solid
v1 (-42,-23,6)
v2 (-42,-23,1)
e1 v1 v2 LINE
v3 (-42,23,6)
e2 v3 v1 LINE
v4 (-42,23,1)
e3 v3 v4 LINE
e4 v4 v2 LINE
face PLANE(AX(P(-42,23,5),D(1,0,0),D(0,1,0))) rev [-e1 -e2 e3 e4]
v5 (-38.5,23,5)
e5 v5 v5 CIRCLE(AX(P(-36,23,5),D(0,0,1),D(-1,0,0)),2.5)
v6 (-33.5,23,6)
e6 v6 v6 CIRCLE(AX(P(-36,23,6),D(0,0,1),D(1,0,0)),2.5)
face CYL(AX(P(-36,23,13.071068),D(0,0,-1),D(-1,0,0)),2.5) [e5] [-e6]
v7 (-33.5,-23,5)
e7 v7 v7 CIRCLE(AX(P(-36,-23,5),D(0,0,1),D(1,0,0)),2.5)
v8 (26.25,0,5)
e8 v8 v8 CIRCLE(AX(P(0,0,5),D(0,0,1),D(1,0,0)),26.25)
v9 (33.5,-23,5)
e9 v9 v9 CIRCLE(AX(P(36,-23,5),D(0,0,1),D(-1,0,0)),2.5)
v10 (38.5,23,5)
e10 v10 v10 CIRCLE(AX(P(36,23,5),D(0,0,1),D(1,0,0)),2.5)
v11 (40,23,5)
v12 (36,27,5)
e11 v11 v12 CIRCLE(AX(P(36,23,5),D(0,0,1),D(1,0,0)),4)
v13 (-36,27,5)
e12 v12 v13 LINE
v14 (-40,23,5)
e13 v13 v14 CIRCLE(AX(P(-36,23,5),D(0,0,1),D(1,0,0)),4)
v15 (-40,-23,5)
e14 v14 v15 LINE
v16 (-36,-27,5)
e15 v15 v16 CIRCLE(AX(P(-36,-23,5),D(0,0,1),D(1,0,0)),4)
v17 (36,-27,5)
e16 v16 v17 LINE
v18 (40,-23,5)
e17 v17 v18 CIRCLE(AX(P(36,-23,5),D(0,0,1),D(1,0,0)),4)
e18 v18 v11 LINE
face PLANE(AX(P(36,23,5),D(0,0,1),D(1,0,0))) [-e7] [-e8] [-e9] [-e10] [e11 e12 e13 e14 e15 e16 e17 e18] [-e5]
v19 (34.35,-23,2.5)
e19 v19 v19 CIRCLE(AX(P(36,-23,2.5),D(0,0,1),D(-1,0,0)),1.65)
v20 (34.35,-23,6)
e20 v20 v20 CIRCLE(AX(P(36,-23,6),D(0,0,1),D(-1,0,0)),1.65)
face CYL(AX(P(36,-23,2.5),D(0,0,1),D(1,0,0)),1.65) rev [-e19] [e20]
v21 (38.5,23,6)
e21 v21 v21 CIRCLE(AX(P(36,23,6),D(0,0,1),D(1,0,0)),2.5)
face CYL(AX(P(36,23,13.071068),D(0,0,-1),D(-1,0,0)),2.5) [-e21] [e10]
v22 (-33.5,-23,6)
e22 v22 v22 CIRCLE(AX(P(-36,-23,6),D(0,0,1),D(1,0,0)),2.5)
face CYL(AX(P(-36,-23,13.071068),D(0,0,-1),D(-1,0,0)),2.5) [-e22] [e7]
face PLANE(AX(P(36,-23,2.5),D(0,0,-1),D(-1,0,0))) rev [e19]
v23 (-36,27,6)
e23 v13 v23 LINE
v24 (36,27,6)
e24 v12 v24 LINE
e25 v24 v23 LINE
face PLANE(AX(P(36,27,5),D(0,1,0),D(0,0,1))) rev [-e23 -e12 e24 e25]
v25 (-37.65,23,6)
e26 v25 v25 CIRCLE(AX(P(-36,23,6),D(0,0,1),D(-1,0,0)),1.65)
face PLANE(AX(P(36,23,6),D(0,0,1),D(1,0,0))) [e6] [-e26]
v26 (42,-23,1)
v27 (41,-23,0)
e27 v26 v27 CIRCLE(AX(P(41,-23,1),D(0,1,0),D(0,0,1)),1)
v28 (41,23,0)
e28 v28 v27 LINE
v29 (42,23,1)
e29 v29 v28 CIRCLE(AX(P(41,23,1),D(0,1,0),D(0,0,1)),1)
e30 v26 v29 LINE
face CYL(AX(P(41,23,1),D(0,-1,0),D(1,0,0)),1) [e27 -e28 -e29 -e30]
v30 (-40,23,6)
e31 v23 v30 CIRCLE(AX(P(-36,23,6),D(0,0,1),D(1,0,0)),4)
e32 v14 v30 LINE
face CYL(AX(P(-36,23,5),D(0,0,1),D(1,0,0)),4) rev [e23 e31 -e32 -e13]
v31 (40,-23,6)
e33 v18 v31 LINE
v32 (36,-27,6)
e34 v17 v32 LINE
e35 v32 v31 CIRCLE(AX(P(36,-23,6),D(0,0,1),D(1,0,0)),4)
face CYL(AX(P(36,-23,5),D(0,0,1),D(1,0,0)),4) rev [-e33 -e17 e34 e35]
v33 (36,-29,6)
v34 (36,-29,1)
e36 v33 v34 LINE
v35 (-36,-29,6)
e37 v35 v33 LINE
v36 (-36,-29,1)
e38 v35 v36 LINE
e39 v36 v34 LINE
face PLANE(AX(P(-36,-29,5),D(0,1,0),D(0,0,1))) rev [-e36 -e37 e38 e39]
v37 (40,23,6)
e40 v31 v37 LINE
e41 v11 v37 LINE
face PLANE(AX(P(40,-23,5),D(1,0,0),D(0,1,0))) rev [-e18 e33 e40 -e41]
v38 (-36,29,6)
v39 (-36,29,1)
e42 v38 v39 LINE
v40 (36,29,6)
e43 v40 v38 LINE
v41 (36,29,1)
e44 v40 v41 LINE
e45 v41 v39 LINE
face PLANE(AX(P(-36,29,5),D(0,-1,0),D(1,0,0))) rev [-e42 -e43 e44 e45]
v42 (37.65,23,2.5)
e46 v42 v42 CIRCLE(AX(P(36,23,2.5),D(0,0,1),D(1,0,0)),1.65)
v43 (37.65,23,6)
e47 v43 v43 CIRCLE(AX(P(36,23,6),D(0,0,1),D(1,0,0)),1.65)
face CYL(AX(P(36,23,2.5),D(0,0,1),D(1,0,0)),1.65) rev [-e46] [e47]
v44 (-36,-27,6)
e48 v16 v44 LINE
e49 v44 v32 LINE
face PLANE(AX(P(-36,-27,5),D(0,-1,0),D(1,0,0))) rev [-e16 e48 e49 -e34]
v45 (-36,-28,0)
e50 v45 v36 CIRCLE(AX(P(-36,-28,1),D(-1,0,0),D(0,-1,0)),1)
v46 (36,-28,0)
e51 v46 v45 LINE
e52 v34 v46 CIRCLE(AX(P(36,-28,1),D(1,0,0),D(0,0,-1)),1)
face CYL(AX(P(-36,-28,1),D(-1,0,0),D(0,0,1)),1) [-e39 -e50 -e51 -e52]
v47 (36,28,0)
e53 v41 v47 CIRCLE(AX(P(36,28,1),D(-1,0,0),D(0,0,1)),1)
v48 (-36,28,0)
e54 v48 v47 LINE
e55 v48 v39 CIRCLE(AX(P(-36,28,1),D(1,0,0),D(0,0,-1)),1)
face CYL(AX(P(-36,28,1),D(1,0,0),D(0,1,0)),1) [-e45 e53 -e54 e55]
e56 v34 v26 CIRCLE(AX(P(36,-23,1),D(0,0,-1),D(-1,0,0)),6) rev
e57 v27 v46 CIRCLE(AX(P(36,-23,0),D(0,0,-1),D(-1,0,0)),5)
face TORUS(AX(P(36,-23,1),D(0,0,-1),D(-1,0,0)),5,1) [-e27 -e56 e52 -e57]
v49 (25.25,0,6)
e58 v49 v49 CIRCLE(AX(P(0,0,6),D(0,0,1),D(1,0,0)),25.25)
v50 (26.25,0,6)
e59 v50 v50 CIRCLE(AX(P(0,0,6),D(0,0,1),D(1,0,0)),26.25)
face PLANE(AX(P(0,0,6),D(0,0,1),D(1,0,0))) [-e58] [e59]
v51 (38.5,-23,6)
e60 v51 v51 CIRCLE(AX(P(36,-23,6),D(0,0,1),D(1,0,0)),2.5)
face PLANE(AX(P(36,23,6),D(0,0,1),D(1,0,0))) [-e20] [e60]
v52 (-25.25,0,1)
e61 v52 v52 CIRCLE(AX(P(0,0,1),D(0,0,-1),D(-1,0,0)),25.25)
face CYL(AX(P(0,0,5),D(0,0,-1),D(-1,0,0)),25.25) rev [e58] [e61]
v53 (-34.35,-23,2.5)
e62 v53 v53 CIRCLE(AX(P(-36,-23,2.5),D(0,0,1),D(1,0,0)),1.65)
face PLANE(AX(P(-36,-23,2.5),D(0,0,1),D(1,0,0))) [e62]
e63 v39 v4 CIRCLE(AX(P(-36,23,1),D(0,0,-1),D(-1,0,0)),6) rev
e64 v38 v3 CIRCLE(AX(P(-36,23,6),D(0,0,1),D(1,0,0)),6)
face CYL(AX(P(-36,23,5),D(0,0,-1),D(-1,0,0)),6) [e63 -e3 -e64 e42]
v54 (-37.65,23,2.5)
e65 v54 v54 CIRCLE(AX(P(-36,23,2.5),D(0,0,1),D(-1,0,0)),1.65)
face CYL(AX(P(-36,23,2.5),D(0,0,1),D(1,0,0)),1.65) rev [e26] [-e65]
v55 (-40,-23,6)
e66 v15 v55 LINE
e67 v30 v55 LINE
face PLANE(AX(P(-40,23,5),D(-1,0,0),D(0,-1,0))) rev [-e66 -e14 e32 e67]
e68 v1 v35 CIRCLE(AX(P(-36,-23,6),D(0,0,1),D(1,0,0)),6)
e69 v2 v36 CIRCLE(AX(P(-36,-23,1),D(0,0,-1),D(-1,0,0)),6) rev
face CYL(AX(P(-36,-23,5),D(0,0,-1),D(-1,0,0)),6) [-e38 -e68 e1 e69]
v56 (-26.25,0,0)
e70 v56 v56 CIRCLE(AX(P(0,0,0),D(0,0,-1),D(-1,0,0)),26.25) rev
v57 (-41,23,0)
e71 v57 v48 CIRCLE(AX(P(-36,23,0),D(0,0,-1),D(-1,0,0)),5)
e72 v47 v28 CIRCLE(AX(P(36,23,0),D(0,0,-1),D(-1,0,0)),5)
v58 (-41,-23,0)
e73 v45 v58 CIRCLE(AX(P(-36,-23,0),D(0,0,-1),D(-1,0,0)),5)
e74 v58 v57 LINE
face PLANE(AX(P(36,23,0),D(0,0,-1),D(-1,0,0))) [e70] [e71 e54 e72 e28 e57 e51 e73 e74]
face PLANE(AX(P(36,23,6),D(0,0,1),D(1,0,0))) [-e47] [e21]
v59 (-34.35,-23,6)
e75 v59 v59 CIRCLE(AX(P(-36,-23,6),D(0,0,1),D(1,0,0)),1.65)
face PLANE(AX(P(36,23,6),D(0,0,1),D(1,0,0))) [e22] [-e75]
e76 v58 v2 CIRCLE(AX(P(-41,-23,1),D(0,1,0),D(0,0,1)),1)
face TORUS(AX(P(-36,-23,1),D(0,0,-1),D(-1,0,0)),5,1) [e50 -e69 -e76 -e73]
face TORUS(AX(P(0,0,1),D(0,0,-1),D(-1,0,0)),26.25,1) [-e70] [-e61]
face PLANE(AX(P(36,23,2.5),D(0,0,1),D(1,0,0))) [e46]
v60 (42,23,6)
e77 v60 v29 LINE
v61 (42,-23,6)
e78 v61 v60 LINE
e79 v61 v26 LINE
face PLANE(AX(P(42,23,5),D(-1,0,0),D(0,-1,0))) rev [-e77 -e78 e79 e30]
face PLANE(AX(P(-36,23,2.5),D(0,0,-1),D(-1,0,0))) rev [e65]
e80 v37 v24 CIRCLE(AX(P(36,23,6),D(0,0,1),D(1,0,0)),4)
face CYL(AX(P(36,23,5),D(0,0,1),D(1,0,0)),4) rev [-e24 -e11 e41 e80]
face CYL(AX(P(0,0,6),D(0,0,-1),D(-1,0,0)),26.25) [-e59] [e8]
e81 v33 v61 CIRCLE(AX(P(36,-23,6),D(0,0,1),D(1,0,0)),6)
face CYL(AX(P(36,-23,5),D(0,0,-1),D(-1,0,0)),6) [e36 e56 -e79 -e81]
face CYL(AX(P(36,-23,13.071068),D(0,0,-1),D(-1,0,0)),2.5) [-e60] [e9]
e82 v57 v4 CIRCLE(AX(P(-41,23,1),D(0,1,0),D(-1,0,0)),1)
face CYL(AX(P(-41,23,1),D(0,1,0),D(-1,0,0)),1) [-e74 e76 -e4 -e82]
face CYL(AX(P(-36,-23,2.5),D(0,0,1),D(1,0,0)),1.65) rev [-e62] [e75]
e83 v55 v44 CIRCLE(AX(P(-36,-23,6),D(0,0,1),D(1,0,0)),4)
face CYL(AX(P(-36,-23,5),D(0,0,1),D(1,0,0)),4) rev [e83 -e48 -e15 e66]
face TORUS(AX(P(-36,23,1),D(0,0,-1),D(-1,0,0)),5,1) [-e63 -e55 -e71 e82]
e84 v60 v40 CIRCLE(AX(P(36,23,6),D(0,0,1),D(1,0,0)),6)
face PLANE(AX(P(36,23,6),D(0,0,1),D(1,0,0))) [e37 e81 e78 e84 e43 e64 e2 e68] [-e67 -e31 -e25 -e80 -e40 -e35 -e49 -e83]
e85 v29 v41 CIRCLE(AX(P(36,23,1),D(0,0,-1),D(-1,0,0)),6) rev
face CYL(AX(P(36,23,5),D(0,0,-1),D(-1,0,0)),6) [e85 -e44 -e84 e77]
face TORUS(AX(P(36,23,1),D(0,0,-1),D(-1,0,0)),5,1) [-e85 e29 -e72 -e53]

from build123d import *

# Parameters (mm, degrees)
SKETCH_1_R          = 25.25
EXTRUDE_1_DEPTH     = 5
SKETCH_2_R          = 23.85
EXTRUDE_2_DEPTH     = 1
CHAMFER_2_SIZE      = 0.5
CUT_EXTRUDE_1_DEPTH = 1
SKETCH_4_R          = 26.25
SKETCH_4_R_2        = 25.25
EXTRUDE_3_DEPTH     = 1
SKETCH_5_R          = 2.5
EXTRUDE_4_DEPTH     = 1
SKETCH_6_R          = 1.65
CUT_EXTRUDE_2_DEPTH = 3.5
FILLET_2_R          = 1


with BuildPart() as part:
    # 草图1 → 凸台-拉伸1 (new body)
    with BuildSketch(Plane.XY):
        with BuildLine():
            Line((-36, 29), (36, 29))
            ThreePointArc((36, 29), (40.242640687, 27.242640687), (42, 23))
            Line((42, 23), (42, -23))
            ThreePointArc((42, -23), (40.242640687, -27.242640687), (36, -29))
            Line((36, -29), (-36, -29))
            ThreePointArc((-36, -29), (-40.242640687, -27.242640687), (-42, -23))
            Line((-42, -23), (-42, 23))
            ThreePointArc((-42, 23), (-40.242640687, 27.242640687), (-36, 29))
        make_face()
        Circle(SKETCH_1_R, mode=Mode.SUBTRACT)
    extrude(amount=EXTRUDE_1_DEPTH)

    # 草图2 → 凸台-拉伸2 (add)
    with BuildSketch(Plane.XY.offset(5)):
        with BuildLine():
            Line((36, 29), (-36, 29))
            ThreePointArc((-36, 29), (-40.242640687, 27.242640687), (-42, 23))
            Line((-42, 23), (-42, -23))
            ThreePointArc((-42, -23), (-40.242640687, -27.242640687), (-36, -29))
            Line((-36, -29), (36, -29))
            ThreePointArc((36, -29), (40.242640687, -27.242640687), (42, -23))
            Line((42, -23), (42, 23))
            ThreePointArc((42, 23), (40.242640687, 27.242640687), (36, 29))
        make_face()
        Circle(SKETCH_2_R, mode=Mode.SUBTRACT)
    extrude(amount=EXTRUDE_2_DEPTH)

    # 倒角2
    chamfer_2_edges = [part.edges().sort_by_distance(p)[0] for p in [
        (-23.85, 0, 5),
    ]]
    chamfer(chamfer_2_edges, length=CHAMFER_2_SIZE)

    # 草图3 → 切除-拉伸1 (cut)
    with BuildSketch(Plane.XY.offset(6)):
        with BuildLine():
            Line((36, 27), (-36, 27))
            ThreePointArc((-36, 27), (-38.828427125, 25.828427125), (-40, 23))
            Line((-40, 23), (-40, -23))
            ThreePointArc((-40, -23), (-38.828427125, -25.828427125), (-36, -27))
            Line((-36, -27), (36, -27))
            ThreePointArc((36, -27), (38.828427125, -25.828427125), (40, -23))
            Line((40, -23), (40, 23))
            ThreePointArc((40, 23), (38.828427125, 25.828427125), (36, 27))
        make_face()
    extrude(amount=-CUT_EXTRUDE_1_DEPTH, mode=Mode.SUBTRACT)

    # 草图4 → 凸台-拉伸3 (add)
    with BuildSketch(Plane.XY.offset(5)):
        Circle(SKETCH_4_R)
        Circle(SKETCH_4_R_2, mode=Mode.SUBTRACT)
    extrude(amount=EXTRUDE_3_DEPTH)

    # 草图5 → 凸台-拉伸4 (add)
    with BuildSketch(Plane.XY.offset(5)):
        with Locations((36, 23)):
            Circle(SKETCH_5_R)
        with Locations(Location((36, -23, 0), (0, 0, 180))):
            Circle(SKETCH_5_R)
        with Locations(Location((-36, 23, 0), (0, 0, 180))):
            Circle(SKETCH_5_R)
        with Locations((-36, -23)):
            Circle(SKETCH_5_R)
    extrude(amount=EXTRUDE_4_DEPTH)

    # 草图6 → 切除-拉伸2 (cut)
    with BuildSketch(Plane.XY.offset(6)):
        with Locations((36, 23)):
            Circle(SKETCH_6_R)
        with Locations(Location((36, -23, 0), (0, 0, 180))):
            Circle(SKETCH_6_R)
        with Locations(Location((-36, 23, 0), (0, 0, 180))):
            Circle(SKETCH_6_R)
        with Locations((-36, -23)):
            Circle(SKETCH_6_R)
    extrude(amount=-CUT_EXTRUDE_2_DEPTH, mode=Mode.SUBTRACT)

    # 圆角2
    fillet_2_edges = [part.edges().sort_by_distance(p)[0] for p in [
        (-42, 0, 0),
        (-40.242640687, 27.242640687, 0),
        (0, 29, 0),
        (40.242640687, 27.242640687, 0),
        (-25.25, 0, 0),
        (42, 0, 0),
        (40.242640687, -27.242640687, 0),
        (0, -29, 0),
        (-40.242640687, -27.242640687, 0),
    ]]
    fillet(fillet_2_edges, radius=FILLET_2_R)


solid = part.part
